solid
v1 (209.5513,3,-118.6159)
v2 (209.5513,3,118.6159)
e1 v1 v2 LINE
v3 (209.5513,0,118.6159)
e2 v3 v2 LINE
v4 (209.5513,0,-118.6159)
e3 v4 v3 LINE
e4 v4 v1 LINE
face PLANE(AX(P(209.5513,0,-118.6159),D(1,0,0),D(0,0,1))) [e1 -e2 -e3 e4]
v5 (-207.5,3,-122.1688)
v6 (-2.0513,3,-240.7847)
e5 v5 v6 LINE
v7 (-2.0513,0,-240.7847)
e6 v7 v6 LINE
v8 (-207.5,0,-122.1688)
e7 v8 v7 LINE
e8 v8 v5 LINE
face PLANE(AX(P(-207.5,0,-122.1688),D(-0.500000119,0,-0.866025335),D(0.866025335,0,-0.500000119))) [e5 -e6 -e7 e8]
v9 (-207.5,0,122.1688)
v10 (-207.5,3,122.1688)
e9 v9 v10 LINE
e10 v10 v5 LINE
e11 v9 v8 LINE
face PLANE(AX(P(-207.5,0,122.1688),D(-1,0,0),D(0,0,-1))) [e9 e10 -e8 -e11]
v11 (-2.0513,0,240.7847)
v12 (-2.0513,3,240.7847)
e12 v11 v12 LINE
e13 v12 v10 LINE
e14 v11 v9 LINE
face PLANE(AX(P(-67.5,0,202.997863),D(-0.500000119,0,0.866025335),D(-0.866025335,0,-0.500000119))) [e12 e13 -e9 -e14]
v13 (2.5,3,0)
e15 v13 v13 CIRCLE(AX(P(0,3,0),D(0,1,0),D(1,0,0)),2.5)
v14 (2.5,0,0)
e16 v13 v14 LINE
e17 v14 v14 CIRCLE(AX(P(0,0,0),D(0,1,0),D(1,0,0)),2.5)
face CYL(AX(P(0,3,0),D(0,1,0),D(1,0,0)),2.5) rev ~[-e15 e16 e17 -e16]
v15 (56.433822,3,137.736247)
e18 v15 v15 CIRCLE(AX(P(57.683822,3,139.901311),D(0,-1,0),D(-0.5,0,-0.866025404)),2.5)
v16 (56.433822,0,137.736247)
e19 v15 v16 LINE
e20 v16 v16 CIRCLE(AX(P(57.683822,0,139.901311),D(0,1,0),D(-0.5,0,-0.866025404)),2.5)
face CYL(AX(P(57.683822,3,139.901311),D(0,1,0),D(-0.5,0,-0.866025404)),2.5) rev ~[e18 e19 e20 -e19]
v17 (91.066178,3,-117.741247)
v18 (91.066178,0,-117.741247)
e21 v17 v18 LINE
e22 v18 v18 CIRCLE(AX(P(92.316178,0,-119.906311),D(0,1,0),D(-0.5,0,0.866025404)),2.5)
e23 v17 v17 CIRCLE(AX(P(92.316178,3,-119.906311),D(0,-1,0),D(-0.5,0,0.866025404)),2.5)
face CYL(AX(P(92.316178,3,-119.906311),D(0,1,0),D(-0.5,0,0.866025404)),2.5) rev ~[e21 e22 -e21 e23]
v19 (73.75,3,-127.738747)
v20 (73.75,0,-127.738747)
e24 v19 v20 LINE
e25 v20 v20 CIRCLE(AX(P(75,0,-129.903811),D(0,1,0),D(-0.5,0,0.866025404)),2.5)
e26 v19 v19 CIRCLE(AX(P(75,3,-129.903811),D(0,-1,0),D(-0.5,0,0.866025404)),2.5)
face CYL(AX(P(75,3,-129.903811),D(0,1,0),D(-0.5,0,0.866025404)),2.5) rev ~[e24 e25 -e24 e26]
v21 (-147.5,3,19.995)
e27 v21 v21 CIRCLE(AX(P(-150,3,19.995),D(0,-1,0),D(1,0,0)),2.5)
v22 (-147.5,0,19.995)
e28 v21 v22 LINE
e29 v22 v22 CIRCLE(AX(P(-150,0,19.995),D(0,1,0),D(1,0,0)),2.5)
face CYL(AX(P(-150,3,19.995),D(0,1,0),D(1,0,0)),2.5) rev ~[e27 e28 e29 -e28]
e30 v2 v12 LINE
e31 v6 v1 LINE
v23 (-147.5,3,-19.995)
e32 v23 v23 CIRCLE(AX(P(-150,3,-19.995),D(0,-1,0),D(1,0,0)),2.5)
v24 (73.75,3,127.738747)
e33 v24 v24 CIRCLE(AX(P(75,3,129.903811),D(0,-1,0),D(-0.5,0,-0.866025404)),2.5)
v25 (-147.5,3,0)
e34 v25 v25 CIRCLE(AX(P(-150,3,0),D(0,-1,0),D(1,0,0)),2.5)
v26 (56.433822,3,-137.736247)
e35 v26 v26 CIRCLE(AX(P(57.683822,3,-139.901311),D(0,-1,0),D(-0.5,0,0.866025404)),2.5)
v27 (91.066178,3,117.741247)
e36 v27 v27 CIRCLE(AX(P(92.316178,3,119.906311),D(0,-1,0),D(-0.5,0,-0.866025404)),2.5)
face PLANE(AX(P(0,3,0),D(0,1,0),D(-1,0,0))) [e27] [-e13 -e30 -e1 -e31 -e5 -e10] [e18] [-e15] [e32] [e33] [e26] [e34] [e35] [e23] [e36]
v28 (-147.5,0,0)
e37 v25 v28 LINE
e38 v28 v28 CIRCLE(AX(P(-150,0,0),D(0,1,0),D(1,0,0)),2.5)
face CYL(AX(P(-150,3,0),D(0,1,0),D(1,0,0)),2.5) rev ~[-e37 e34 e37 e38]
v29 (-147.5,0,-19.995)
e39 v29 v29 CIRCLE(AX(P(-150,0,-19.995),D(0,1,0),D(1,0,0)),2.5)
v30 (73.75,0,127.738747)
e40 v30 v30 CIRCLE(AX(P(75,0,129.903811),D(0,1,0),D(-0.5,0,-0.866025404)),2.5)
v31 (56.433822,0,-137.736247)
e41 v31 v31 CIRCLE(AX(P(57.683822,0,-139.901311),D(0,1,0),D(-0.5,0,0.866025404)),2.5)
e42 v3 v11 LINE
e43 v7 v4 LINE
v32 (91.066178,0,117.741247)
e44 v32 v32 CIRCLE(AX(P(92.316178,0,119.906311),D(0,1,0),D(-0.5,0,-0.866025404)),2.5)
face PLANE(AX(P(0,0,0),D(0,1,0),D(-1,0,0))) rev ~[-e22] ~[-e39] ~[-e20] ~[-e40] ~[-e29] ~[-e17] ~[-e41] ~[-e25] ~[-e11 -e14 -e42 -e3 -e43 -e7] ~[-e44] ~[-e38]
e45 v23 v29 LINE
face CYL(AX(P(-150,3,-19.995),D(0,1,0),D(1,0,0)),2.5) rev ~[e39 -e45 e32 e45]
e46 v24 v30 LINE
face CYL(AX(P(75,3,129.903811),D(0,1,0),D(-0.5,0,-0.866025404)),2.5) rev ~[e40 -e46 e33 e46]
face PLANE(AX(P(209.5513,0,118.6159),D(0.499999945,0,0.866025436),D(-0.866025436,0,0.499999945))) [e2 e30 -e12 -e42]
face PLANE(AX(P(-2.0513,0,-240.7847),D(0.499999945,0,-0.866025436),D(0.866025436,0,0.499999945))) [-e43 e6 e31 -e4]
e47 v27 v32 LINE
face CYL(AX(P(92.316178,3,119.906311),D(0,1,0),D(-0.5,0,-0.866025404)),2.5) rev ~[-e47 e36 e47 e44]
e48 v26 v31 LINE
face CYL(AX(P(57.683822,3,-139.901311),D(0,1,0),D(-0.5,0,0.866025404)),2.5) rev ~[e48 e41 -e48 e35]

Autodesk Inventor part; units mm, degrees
ref_plane "YZ Plane" through (0, 0, 0) normal (1, 0, 0) x (0, 1, 0)
ref_plane "XZ Plane" through (0, 0, 0) normal (0, 1, 0) x (-1, 0, 0)
ref_plane "XY Plane" through (0, 0, 0) normal (0, 0, 1) x (1, 0, 0)
sketch "Sketch1" plane through (0, 0, 0) normal (0, 1, 0) x (-1, 0, 0)
  circle A0 centre (0, 0) radius 37.5
  line L0 (0, 0) -> (37.5, 0)
  line L1 (37.5, 0) -> (-18.75, 32.476)
  line L2 (37.5, 0) -> (102.4519, 0) construction
  line L3 (-18.75, 32.476) -> (-18.75, -32.476)
  line L4 (37.5, 0) -> (-18.75, -32.476)
  line L5 (37.5, 0) -> (37.5, 160)
  line L6 (37.5, 160) -> (37.5, 180)
  circle A1 centre (37.5, 180) radius 2.25
  circle A2 centre (37.5, 200) radius 2.25
  circle A3 centre (57.5, 180) radius 2.25
  circle A4 centre (57.5, 200) radius 2.25
  line L7 (57.5, 180) -> (67.5, 180)
  line L8 (67.5, 180) -> (67.5, 170)
  line L9 (67.5, 170) -> (7.5, 170)
  line L10 (7.5, 170) -> (7.5, 210)
  line L11 (7.5, 210) -> (67.5, 210)
  line L12 (67.5, 210) -> (67.5, 170)
  line L13 (143.4743, -91.4952) -> (178.1153, -111.4952)
  line L14 (178.1153, -111.4952) -> (148.1153, -163.4567)
  circle A5 centre (154.4551, -132.476) radius 2.25
  circle A6 centre (144.4551, -149.7965) radius 2.25
  line L15 (148.1153, -163.4567) -> (113.4743, -143.4567)
  line L16 (113.4743, -143.4567) -> (143.4743, -91.4952)
  circle A7 centre (127.1346, -139.7965) radius 2.25
  circle A8 centre (137.1346, -122.476) radius 2.25
  circle A9 centre (0, 0) radius 37.5
  line L17 (-150.9743, -78.5048) -> (-185.6153, -98.5048)
  line L18 (-185.6153, -98.5048) -> (-215.6153, -46.5433)
  circle A10 centre (-191.9551, -67.524) radius 2.25
  circle A11 centre (-201.9551, -50.2035) radius 2.25
  line L19 (-215.6153, -46.5433) -> (-180.9743, -26.5433)
  line L20 (-180.9743, -26.5433) -> (-150.9743, -78.5048)
  circle A12 centre (-184.6346, -40.2035) radius 2.25
  circle A13 centre (-174.6346, -57.524) radius 2.25
  circle A14 centre (0, 0) radius 37.5
  circle A15 centre (0, 0) radius 48
  line L21 (-215.6153, -46.5433) -> (-155.6153, -46.5433) construction
  line L22 (67.5, 210) -> (127.5, 210) construction
  line L23 (67.5, 210) -> (15, 210) construction
  line L24 (-215.6153, -46.5433) -> (-185.6153, -46.5433) construction
  line L25 (67.5, 210) -> (22.5, 210) construction
  line L26 (-215.6153, -46.5433) -> (-170.6153, -46.5433) construction
  line L27 (-215.6153, -46.5433) -> (-170.6153, -46.5433) construction
  line L28 (-18.75, -32.476) -> (-41.25, -71.4471)
  line L29 (-18.75, -32.476) -> (26.25, -32.476) construction
  line L30 (-41.25, -71.4471) -> (-84.5513, -46.4471)
  line L31 (-41.25, -71.4471) -> (2.0513, -96.4471)
  line L32 (-41.25, -71.4471) -> (8.75, -71.4471) construction
  line L33 (82.5, 0) -> (82.5, -50)
  line L34 (82.5, 0) -> (82.5, 50)
  line L35 (-41.25, 71.4471) -> (2.0513, 96.4471)
  line L36 (-41.25, 71.4471) -> (-84.5513, 46.4471)
  line L37 (-84.5513, -46.4471) -> (-84.5513, 46.4471)
  line L38 (82.5, -50) -> (2.0513, -96.4471)
  line L39 (82.5, 50) -> (2.0513, 96.4471)
  line L40 (2.0513, -240.7847) -> (-103.75, -179.7003)
  line L41 (-103.75, -179.7003) -> (-209.5513, -118.6159)
  line L42 (-209.5513, -118.6159) -> (-209.5513, 118.6159)
  line L43 (-209.5513, 118.6159) -> (-103.75, 179.7003)
  line L44 (-103.75, 179.7003) -> (2.0513, 240.7847)
  line L45 (2.0513, 240.7847) -> (207.5, 122.1688)
  line L46 (207.5, 122.1688) -> (207.5, 0)
  line L47 (207.5, 0) -> (207.5, -122.1688)
  line L48 (207.5, -122.1688) -> (2.0513, -240.7847)
  point P0 (37.5, 0)
  point P1 (-18.75, 32.476)
  point P2 (37.5, 0)
  dimension "d0" = 75
  dimension "d1" = 37.5
  dimension "d2" = 150
  dimension "d3" = 160
  dimension "d4" = 20
  dimension "d5" = 4.5
  dimension "d8" = 20
  dimension "d11" = 20
  dimension "d14" = 10
  dimension "d15" = 10
  dimension "d16" = 60
  dimension "d17" = 40
  dimension "d20" = 360
  dimension "d22" = 96
  dimension "d45" = 45
  dimension "d46" = 120
  dimension "d47" = 50
  dimension "d48" = 90
  dimension "d49" = 50
  dimension "d50" = 30
  dimension "d53" = 360
  dimension "d72" = 125
ref_plane "Work Plane2" through (0, 3, 0) normal (0, 1, 0) x (1, 0, 0)
ref_plane "Work Plane1" through (0, 3, 0) normal (0, 1, 0) x (1, 0, 0)
extrude "Extrusion8" add sketch "Sketch1" along normal blind 3 contours L1 A0 | L5 A15 L28 A0 | L4 L3 L1 | A0 L4 | A0 L28 A15 L5 | L3 A0 | A15 L28 L30 L37 L36 L35 L39 L5 | L5 L39 L34 L33 L38 L31 L28 A15 | L9 L8 L12 L45 L46 L47 L48 L14 L13 L16 L15 L40 L41 L42 L18 L17 L20 L19 L43 L44 L11 L10 | A1 | A3 | L9 L10 L11 L45 L12 L8 | L48 L15 L16 L13 L14 | L19 L20 L17 L18 L42 | A2 | A4 | A5 | A6 | A7 | A8 | A10 | A11 | A12 | A13
sketch "Sketch4" plane through (0, 3, 0) normal (0, 1, 0) x (1, 0, 0)
  line L0 (0, 0) -> (-150, 0)
  circle A0 centre (0, 0) radius 2.5
  line L1 (-150, 0) -> (-150, -19.995)
  circle A1 centre (-150, -19.995) radius 2.5
  line L2 (-150, 0) -> (-150, 19.995)
  circle A2 centre (-150, 19.995) radius 2.5
  circle A3 centre (-150, 0) radius 2.5
  dimension "d79" = 150
  dimension "d80" = 5
  dimension "d81" = 19.995
  dimension "d82" = 5
  dimension "d83" = 19.995
  dimension "d84" = 5
  dimension "d90" = 5
extrude "Extrusion10" cut sketch "Sketch4" against normal blind 3
pattern_circular "Circular Pattern2" count 3 over 360 about axis through (0, 3, 0) along (0, -1, 0) of "Extrusion10"
sketch "Sketch5" plane through (0, 3, 0) normal (0, 1, 0) x (1, 0, 0)
  circle A0 centre (0, 0) radius 100
  dimension "d96" = 200
properties part number "Delta_Top" material "Glass"
